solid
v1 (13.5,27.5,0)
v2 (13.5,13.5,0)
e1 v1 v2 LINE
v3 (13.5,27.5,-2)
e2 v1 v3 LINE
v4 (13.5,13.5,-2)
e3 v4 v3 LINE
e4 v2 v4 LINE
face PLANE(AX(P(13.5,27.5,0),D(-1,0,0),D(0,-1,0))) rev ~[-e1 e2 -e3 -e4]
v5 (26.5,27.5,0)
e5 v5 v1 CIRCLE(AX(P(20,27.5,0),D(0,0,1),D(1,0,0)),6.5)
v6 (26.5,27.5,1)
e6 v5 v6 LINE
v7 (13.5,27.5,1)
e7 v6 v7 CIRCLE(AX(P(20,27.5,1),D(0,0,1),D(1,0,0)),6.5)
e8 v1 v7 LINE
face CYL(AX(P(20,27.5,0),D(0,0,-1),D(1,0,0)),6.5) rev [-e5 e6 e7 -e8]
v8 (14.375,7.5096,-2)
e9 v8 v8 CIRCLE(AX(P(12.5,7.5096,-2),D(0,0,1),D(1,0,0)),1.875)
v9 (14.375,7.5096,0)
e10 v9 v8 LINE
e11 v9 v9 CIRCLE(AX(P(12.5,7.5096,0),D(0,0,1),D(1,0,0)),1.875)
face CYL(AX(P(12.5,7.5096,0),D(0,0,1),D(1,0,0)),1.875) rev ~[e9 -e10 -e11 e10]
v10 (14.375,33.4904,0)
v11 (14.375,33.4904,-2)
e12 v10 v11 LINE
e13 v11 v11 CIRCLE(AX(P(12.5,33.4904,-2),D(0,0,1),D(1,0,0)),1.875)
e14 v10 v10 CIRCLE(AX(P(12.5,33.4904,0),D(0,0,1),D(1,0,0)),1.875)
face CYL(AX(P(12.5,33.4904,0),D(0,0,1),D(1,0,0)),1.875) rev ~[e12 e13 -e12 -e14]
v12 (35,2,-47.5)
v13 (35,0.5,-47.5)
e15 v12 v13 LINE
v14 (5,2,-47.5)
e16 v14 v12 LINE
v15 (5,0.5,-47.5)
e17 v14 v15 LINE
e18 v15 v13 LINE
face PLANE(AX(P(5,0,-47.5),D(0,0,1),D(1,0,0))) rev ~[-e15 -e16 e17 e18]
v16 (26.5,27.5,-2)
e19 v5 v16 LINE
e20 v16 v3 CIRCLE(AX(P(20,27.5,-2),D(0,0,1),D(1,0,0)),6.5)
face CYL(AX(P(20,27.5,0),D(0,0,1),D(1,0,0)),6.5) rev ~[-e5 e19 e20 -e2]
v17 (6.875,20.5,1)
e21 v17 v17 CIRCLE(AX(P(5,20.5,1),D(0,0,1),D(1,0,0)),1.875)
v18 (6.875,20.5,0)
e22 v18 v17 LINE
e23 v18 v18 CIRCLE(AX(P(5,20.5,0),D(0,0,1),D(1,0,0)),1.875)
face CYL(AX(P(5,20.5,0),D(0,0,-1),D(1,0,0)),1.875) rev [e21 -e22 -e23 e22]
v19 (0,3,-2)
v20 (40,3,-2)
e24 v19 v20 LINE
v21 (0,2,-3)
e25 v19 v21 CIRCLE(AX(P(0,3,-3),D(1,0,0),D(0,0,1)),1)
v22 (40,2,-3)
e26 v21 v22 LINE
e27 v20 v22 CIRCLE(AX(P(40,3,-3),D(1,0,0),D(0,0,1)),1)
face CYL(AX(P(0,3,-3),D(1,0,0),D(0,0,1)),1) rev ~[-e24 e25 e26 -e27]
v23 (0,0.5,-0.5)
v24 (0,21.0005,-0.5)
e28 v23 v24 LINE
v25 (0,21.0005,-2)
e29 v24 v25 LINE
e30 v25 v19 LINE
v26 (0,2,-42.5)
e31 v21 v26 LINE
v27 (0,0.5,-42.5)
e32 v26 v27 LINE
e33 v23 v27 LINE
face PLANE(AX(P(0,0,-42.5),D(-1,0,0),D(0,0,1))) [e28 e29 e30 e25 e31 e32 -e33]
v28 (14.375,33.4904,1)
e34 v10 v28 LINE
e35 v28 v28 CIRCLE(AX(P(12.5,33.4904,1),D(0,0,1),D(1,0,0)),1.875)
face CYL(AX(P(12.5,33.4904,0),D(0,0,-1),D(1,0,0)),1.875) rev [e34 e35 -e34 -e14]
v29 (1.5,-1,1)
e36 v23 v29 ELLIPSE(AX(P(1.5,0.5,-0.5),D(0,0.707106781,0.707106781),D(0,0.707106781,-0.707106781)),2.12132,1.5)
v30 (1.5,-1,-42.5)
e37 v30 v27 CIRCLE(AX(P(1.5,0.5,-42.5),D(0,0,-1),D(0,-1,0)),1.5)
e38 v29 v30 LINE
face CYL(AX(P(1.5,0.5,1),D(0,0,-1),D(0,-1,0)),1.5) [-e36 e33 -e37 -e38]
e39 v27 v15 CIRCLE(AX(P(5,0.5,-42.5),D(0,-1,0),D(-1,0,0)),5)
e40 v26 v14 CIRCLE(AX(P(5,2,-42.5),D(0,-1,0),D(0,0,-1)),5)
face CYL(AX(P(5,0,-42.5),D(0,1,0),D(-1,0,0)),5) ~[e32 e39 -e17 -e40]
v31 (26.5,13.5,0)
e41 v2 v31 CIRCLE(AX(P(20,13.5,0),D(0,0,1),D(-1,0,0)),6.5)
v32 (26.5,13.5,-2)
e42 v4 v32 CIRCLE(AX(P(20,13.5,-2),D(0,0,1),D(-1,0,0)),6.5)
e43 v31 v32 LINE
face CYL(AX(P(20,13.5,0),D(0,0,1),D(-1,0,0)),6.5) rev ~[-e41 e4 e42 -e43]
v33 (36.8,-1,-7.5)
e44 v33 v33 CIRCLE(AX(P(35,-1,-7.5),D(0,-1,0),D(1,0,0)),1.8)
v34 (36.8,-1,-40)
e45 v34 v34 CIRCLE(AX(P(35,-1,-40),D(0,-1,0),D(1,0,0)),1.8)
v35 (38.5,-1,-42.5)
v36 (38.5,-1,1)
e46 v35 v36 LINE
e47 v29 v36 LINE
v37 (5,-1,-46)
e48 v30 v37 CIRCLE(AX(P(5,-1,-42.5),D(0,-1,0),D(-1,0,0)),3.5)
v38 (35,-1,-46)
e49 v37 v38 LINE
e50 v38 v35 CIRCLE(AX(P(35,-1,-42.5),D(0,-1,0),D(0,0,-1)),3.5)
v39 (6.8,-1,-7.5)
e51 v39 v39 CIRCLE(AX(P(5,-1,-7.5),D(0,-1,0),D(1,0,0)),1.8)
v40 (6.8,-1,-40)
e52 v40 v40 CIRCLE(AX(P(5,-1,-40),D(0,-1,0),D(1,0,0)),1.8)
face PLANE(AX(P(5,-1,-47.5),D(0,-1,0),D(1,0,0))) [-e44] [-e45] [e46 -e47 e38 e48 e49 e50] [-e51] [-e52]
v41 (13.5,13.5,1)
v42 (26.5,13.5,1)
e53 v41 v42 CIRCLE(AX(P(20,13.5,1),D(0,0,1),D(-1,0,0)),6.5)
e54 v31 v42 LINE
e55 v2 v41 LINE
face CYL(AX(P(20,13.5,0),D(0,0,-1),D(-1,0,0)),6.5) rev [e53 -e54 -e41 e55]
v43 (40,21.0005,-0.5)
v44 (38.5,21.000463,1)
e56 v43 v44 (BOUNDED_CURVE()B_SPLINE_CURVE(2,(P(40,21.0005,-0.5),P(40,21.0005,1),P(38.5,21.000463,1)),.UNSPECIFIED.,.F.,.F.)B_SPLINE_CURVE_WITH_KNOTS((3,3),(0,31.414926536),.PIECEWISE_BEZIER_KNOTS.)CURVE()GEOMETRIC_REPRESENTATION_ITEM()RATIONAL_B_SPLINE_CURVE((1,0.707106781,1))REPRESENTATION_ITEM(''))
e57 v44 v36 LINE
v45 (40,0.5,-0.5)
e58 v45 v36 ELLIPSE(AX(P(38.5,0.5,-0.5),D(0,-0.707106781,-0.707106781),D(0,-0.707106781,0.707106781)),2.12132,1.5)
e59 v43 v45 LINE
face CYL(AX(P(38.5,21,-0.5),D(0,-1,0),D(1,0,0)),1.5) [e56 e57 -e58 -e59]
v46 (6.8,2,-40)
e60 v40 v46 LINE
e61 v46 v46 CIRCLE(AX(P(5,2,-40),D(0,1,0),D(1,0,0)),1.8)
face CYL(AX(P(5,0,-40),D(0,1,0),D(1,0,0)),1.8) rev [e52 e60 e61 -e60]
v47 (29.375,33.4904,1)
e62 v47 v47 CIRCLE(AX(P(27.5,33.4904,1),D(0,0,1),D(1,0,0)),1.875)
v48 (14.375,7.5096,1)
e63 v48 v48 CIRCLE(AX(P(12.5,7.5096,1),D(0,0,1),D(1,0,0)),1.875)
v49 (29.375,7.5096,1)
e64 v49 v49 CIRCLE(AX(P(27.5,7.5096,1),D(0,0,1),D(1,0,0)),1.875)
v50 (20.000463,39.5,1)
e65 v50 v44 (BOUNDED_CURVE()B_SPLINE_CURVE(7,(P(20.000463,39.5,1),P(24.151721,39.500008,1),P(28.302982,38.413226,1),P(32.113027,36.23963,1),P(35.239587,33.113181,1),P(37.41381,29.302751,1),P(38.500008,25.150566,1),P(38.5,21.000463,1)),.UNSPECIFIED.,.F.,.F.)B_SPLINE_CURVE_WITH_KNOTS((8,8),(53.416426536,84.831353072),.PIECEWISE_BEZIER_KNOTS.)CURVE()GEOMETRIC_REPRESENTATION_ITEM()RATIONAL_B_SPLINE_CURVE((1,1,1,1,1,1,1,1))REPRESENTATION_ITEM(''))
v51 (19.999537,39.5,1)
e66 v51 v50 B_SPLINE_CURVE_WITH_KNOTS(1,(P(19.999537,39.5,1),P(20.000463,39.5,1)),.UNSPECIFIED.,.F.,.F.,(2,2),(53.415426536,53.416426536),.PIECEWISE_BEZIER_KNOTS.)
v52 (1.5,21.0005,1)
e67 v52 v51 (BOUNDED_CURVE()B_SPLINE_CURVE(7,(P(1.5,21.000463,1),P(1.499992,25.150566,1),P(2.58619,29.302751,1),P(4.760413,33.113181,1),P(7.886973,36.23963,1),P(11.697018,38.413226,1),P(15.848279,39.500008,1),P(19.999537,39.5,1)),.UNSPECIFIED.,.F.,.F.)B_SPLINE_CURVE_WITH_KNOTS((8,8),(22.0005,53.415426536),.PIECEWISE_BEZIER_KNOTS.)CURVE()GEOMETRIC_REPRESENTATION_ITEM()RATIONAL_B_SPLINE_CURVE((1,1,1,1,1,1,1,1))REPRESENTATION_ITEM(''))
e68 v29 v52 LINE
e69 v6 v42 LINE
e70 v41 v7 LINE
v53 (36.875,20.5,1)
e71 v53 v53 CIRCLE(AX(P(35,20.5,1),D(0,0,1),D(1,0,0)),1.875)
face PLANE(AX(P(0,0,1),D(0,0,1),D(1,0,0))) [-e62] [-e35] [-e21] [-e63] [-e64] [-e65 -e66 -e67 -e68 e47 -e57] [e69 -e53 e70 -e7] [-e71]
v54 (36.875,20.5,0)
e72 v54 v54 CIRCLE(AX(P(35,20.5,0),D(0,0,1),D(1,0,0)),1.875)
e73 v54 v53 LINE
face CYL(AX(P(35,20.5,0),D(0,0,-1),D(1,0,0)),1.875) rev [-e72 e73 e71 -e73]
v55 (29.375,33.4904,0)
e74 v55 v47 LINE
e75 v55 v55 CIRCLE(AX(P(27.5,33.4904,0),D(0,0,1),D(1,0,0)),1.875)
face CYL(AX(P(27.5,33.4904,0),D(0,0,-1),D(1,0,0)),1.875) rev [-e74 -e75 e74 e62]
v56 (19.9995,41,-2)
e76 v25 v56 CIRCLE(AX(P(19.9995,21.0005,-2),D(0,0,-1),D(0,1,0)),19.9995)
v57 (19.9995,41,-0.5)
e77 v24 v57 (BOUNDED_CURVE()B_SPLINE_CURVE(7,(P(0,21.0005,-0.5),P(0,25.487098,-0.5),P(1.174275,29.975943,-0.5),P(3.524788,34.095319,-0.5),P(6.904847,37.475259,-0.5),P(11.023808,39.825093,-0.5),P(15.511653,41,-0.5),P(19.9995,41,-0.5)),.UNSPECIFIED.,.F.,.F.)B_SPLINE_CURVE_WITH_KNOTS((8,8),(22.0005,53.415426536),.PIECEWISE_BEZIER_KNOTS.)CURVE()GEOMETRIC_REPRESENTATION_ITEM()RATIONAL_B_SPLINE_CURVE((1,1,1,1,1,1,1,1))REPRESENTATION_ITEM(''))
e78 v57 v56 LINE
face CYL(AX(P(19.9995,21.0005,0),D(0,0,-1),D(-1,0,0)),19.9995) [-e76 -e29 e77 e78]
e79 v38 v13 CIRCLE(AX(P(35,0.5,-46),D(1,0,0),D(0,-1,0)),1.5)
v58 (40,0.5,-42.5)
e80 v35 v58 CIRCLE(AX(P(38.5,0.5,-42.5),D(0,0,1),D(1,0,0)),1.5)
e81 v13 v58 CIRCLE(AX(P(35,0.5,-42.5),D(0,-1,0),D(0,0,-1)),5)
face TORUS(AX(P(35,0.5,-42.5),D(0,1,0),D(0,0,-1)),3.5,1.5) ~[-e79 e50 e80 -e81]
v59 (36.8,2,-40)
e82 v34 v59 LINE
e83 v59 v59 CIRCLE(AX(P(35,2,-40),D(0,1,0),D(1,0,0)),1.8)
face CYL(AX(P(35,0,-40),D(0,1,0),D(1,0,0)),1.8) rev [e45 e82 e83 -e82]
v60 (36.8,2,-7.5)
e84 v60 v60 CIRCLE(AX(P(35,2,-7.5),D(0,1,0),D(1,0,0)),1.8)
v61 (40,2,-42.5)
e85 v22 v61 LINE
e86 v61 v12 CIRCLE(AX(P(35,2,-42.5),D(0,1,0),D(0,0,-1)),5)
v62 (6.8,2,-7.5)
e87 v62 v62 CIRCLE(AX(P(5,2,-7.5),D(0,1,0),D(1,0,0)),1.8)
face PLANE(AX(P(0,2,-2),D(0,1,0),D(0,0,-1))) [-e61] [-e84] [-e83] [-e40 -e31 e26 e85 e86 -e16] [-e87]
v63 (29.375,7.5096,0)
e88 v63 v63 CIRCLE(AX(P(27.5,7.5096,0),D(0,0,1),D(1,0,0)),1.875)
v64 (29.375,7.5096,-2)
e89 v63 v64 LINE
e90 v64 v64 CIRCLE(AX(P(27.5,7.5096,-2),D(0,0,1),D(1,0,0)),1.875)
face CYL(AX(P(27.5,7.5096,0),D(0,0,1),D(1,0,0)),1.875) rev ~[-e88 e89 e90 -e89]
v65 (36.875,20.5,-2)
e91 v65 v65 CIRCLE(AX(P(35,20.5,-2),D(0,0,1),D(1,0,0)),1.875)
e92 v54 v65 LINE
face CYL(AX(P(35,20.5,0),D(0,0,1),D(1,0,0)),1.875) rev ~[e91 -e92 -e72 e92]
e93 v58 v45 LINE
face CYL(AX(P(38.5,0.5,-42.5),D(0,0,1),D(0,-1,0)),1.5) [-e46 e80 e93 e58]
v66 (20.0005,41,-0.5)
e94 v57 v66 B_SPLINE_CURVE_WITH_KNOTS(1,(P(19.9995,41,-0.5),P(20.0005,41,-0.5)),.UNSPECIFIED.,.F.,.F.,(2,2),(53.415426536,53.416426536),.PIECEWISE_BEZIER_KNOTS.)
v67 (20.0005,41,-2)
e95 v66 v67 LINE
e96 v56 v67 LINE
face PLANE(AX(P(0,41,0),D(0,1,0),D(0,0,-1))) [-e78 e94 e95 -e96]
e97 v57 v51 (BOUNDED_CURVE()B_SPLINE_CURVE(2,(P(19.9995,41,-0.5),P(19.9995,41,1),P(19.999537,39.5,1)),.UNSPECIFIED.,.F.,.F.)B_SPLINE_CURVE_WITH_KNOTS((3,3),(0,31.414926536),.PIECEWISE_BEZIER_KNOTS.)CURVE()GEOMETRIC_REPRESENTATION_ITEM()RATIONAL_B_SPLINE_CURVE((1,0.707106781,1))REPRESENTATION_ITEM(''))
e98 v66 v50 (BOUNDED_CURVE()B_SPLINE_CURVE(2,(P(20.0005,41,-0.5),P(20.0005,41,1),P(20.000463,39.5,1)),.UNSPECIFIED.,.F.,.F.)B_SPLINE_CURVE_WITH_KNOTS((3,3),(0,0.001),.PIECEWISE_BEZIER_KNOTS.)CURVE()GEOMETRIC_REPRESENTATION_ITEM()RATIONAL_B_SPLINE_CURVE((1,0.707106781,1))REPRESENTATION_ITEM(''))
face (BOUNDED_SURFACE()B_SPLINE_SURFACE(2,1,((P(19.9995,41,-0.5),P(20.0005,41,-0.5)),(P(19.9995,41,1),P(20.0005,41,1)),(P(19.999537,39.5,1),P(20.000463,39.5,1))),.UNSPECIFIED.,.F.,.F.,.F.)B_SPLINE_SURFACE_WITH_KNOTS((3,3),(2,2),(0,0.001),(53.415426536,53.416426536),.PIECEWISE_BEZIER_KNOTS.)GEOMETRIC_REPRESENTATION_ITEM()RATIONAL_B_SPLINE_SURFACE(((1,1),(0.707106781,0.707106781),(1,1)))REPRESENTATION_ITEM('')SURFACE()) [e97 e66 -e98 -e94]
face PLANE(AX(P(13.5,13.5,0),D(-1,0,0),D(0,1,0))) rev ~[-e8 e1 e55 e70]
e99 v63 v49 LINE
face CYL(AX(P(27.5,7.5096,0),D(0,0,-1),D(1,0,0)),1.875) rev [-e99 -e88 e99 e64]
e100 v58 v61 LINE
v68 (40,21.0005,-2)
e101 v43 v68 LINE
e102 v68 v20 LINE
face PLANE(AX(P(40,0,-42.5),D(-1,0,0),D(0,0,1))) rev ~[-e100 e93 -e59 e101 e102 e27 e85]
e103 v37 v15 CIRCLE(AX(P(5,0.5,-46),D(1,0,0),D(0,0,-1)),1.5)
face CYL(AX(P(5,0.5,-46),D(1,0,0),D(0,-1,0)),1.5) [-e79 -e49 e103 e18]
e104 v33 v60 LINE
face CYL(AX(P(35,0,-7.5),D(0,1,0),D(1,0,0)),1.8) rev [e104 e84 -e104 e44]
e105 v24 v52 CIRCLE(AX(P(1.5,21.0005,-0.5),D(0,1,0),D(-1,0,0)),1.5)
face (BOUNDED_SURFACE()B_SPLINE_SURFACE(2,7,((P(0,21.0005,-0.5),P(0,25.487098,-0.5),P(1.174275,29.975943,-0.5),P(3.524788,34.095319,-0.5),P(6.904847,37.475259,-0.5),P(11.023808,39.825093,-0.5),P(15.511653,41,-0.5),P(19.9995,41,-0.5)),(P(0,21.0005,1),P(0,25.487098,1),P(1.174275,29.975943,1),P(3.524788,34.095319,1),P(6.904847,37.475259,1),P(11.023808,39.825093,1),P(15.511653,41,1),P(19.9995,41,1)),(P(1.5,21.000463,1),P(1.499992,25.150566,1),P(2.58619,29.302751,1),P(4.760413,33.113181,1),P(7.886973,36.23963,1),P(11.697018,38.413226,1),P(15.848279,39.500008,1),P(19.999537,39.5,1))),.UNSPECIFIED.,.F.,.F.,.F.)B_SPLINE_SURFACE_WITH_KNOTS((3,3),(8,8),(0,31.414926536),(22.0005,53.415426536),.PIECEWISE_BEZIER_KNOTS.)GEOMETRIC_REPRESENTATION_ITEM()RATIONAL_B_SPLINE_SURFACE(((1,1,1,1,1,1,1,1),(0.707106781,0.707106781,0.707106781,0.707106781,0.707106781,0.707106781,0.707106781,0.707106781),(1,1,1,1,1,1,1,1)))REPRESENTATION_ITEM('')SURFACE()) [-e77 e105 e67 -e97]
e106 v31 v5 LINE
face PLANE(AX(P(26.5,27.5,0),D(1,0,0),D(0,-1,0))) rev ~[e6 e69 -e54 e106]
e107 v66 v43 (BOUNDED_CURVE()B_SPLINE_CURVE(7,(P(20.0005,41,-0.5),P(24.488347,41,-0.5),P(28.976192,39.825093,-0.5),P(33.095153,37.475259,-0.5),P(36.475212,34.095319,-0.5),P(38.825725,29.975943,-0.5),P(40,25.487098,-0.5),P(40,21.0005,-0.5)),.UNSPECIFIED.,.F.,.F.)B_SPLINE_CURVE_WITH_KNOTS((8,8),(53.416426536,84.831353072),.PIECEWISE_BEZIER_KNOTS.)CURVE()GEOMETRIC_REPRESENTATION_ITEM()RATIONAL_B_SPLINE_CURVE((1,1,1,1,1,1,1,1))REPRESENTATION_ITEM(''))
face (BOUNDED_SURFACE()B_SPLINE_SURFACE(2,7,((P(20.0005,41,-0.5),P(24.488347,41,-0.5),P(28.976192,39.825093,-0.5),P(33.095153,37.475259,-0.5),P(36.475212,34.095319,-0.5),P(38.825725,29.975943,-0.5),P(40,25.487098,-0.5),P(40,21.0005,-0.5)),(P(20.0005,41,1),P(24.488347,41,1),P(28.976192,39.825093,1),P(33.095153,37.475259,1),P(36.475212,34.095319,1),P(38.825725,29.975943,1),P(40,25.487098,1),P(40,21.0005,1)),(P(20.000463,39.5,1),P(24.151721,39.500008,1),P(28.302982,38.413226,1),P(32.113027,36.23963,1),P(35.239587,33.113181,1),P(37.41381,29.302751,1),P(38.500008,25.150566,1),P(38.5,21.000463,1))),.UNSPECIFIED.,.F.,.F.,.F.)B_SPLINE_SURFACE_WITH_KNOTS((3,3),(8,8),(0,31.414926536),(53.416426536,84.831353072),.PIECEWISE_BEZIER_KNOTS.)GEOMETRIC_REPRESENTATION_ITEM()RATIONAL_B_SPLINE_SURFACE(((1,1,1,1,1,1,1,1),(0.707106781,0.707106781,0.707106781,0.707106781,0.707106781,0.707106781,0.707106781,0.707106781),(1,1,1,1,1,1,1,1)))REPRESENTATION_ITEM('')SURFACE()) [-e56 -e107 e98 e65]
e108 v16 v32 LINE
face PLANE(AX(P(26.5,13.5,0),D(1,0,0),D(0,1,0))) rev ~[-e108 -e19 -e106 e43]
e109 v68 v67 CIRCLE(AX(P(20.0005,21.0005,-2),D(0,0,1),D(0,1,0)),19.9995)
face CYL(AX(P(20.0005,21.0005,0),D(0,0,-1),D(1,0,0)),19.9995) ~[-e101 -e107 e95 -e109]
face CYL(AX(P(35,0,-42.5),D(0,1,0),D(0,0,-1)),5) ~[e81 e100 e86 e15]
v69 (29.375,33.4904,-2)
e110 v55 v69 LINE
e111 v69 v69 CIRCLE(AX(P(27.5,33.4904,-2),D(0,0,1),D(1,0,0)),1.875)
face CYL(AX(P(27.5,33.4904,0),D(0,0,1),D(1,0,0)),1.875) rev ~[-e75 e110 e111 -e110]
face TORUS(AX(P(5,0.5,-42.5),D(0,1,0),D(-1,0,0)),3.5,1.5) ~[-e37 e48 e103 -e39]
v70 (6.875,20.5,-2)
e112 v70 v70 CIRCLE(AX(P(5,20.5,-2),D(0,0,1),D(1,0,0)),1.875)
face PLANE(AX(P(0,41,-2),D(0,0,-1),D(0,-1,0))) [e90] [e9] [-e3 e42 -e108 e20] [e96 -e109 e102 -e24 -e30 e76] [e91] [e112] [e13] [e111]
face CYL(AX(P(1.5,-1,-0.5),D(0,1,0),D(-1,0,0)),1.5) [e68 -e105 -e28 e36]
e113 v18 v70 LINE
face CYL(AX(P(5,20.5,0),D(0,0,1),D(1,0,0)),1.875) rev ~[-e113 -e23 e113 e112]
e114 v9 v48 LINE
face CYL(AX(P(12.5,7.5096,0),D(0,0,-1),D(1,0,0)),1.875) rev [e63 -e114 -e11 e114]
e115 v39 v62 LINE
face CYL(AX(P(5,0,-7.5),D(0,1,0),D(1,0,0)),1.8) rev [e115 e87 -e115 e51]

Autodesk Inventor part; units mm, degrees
ref_plane "YZ Plane" through (0, 0, 0) normal (1, 0, 0) x (0, 1, 0)
ref_plane "XZ Plane" through (0, 0, 0) normal (0, 1, 0) x (-1, 0, 0)
ref_plane "XY Plane" through (0, 0, 0) normal (0, 0, 1) x (1, 0, 0)
sketch "Sketch1" plane through (0, 0, 0) normal (1, 0, 0) x (0, 1, 0)
  line L0 (0, 0) -> (2, 0)
  line L1 (2, 0) -> (2, -47.5)
  line L2 (2, -47.5) -> (0, -47.5)
  line L3 (0, -47.5) -> (0, 0)
  line L4 (0, 0) -> (41, 0)
  line L5 (41, 0) -> (41, -2)
  line L6 (41, -2) -> (0, -2)
  line L7 (0, -2) -> (0, 0)
  point P0 (2, -2)
  dimension "d0" = 2
  dimension "d1" = 47.5
  dimension "d2" = 41
  dimension "d3" = 2
extrude "Extrusion1" add sketch "Sketch1" along normal blind 40
sketch "Sketch2" plane through (0, 0, 0) normal (0, 0, 1) x (1, 0, 0)
  line L0 (20, 27.5) -> (20, 13.5) construction
  line L1 (13.5, 27.5) -> (13.5, 13.5)
  line L2 (26.5, 13.5) -> (26.5, 27.5)
  arc A0 (26.5, 27.5) -> (13.5, 27.5) centre (20, 27.5) ccw
  arc A1 (13.5, 13.5) -> (26.5, 13.5) centre (20, 13.5) ccw
  circle A2 centre (35, 20.5) radius 1.5
  circle A3 centre (27.5, 33.4904) radius 1.5
  circle A4 centre (12.5, 33.4904) radius 1.5
  circle A5 centre (5, 20.5) radius 1.5
  circle A6 centre (12.5, 7.5096) radius 1.5
  circle A7 centre (27.5, 7.5096) radius 1.5
  point P0 (0, 0)
  point P1 (20, 20.5)
  point P2 (20, 20.5)
  dimension "d6" = 14
  dimension "d7" = 13
  dimension "d8" = 3
  dimension "d11" = 360
extrude "Extrusion2" cut sketch "Sketch2" against normal blind 40
fillet "Fillet1" radius 20 2 edges at (40, 41, -1) (0, 41, -1)
sketch "Sketch3" plane through (0, 0, -47.5) normal (0, -1, 0) x (1, 0, 0)
  circle A0 centre (5, 40) radius 1.75
  line L0 (5, 40) -> (5, 7.5) construction
  line L1 (5, 40) -> (37.5, 40) construction
  line L2 (5, 7.5) -> (35, 7.5) construction
  circle A1 centre (5, 7.5) radius 1.75
  circle A2 centre (35, 40) radius 1.75
  circle A3 centre (35, 7.5) radius 1.75
  point P0 (0, 47.5)
  dimension "d16" = 3.5
  dimension "d17" = 32.5
  dimension "d18" = 90
  dimension "d19" = 30
  dimension "d20" = 90
  dimension "d23" = 32.5
  dimension "d26" = 30
extrude "Extrusion3" cut sketch "Sketch3" against normal blind 40
fillet "Fillet2" radius 5 2 edges at (40, 1, -47.5) (0, 1, -47.5)
sketch "Sketch4" plane through (0, 0, 0) normal (0, 0, 1) x (1, 0, 0)
  arc A0 (40, 21) -> (0, 21) centre (20, 21) ccw projected
  line L0 (0, 21) -> (0, 0) projected
  line L1 (0, 0) -> (40, 0) projected
  line L2 (40, 21) -> (40, 0) projected
  circle A1 centre (12.5, 33.4904) radius 1.5 projected
  circle A2 centre (35, 20.5) radius 1.5 projected
  circle A3 centre (27.5, 33.4904) radius 1.5 projected
  circle A4 centre (5, 20.5) radius 1.5 projected
  circle A5 centre (27.5, 7.5096) radius 1.5 projected
  line L3 (26.5, 27.5) -> (26.5, 13.5) projected
  arc A6 (13.5, 13.5) -> (26.5, 13.5) centre (20, 13.5) ccw projected
  line L4 (13.5, 13.5) -> (13.5, 27.5) projected
  arc A7 (26.5, 27.5) -> (13.5, 27.5) centre (20, 27.5) ccw projected
  circle A8 centre (12.5, 7.5096) radius 1.5 projected
  line L5 (35, 20.5) -> (5, 20.5) construction
  circle A9 centre (27.5, 33.4904) radius 1.875
  circle A10 centre (12.5, 33.4904) radius 1.875
  circle A11 centre (5, 20.5) radius 1.875
  circle A12 centre (12.5, 7.5096) radius 1.875
  circle A13 centre (27.5, 7.5096) radius 1.875
  circle A14 centre (35, 20.5) radius 1.875
  point P0 (20, 20.5)
  dimension "d58" = 3.75
  dimension "d61" = 360
extrude "Extrusion4" cut sketch "Sketch4" against normal blind 10 contours A9 | A10 | A11 | A12 | A13 | A14
sketch "Sketch5" plane through (0, 2, -2) normal (0, 1, 0) x (1, 0, 0)
  circle A0 centre (5, 38) radius 1.75 projected
  circle A1 centre (5, 5.5) radius 1.75 projected
  circle A2 centre (35, 38) radius 1.75 projected
  circle A3 centre (35, 5.5) radius 1.75 projected
  arc A4 (5, 45.5) -> (0, 40.5) centre (5, 40.5) ccw projected
  line L0 (0, 40.5) -> (0, 0) projected
  line L1 (0, 0) -> (40, 0) projected
  line L2 (40, 40.5) -> (40, 0) projected
  arc A5 (40, 40.5) -> (35, 45.5) centre (35, 40.5) ccw projected
  line L3 (5, 45.5) -> (35, 45.5) projected
  circle A6 centre (5, 38) radius 1.8
  circle A7 centre (5, 5.5) radius 1.8
  circle A8 centre (35, 38) radius 1.8
  circle A9 centre (35, 5.5) radius 1.8
  point P0 (0, -2)
  dimension "d47" = 0.05
  dimension "d50" = 32.5
  dimension "d53" = 30
extrude "Extrusion5" cut sketch "Sketch5" against normal blind 10 contours A6 | A7 | A8 | A9
sketch "Sketch8" plane through (0, 0, 0) normal (0, 0, 1) x (1, 0, 0)
  circle A0 centre (35, 20.5) radius 1.875 projected
  circle A1 centre (5, 20.5) radius 1.875 projected
  circle A2 centre (27.5, 33.4904) radius 1.875 projected
  circle A3 centre (27.5, 7.5096) radius 1.875 projected
  circle A4 centre (12.5, 7.5096) radius 1.875 projected
  circle A5 centre (12.5, 33.4904) radius 1.875 projected
  arc A6 (40, 21) -> (0, 21) centre (20, 21) ccw projected
  line L0 (0, 21) -> (0, 0) projected
  line L1 (0, 0) -> (40, 0) projected
  line L2 (40, 21) -> (40, 0) projected
  line L3 (26.5, 27.5) -> (26.5, 13.5) projected
  arc A7 (13.5, 13.5) -> (26.5, 13.5) centre (20, 13.5) ccw projected
  line L4 (13.5, 13.5) -> (13.5, 27.5) projected
  arc A8 (26.5, 27.5) -> (13.5, 27.5) centre (20, 27.5) ccw projected
extrude "Extrusion8" add sketch "Sketch8" along normal blind 1
sketch "Sketch9" plane through (5, 0, -47.5) normal (0, -1, 0) x (1, 0, 0)
  circle A0 centre (30, 7.5) radius 1.8 projected
  circle A1 centre (0, 7.5) radius 1.8 projected
  circle A2 centre (30, 40) radius 1.8 projected
  circle A3 centre (0, 40) radius 1.8 projected
  arc A4 (-5, 5) -> (0, 0) centre (0, 5) ccw projected
  line L0 (0, 0) -> (30, 0) projected
  arc A5 (30, 0) -> (35, 5) centre (30, 5) ccw projected
  line L1 (35, 5) -> (35, 48.5) projected
  line L2 (-5, 48.5) -> (35, 48.5) projected
  line L3 (-5, 5) -> (-5, 48.5) projected
  point P0 (-5, 47.5)
extrude "Extrusion9" add sketch "Sketch9" along normal blind 1
fillet "Fillet4" radius 1.5 8 edges at (0, 10, 1) (40, 10, 1) (20, 41, 1) (38.5355, -1, -46.0355) (20, -1, -47.5) (1.4645, -1, -46.0355) (0, -1, -20.75) (40, -1, -20.75)
fillet "Fillet5" radius 1 1 edges at (20, 2, -2)
properties part number "520 DC Gear Motor Bracket"
